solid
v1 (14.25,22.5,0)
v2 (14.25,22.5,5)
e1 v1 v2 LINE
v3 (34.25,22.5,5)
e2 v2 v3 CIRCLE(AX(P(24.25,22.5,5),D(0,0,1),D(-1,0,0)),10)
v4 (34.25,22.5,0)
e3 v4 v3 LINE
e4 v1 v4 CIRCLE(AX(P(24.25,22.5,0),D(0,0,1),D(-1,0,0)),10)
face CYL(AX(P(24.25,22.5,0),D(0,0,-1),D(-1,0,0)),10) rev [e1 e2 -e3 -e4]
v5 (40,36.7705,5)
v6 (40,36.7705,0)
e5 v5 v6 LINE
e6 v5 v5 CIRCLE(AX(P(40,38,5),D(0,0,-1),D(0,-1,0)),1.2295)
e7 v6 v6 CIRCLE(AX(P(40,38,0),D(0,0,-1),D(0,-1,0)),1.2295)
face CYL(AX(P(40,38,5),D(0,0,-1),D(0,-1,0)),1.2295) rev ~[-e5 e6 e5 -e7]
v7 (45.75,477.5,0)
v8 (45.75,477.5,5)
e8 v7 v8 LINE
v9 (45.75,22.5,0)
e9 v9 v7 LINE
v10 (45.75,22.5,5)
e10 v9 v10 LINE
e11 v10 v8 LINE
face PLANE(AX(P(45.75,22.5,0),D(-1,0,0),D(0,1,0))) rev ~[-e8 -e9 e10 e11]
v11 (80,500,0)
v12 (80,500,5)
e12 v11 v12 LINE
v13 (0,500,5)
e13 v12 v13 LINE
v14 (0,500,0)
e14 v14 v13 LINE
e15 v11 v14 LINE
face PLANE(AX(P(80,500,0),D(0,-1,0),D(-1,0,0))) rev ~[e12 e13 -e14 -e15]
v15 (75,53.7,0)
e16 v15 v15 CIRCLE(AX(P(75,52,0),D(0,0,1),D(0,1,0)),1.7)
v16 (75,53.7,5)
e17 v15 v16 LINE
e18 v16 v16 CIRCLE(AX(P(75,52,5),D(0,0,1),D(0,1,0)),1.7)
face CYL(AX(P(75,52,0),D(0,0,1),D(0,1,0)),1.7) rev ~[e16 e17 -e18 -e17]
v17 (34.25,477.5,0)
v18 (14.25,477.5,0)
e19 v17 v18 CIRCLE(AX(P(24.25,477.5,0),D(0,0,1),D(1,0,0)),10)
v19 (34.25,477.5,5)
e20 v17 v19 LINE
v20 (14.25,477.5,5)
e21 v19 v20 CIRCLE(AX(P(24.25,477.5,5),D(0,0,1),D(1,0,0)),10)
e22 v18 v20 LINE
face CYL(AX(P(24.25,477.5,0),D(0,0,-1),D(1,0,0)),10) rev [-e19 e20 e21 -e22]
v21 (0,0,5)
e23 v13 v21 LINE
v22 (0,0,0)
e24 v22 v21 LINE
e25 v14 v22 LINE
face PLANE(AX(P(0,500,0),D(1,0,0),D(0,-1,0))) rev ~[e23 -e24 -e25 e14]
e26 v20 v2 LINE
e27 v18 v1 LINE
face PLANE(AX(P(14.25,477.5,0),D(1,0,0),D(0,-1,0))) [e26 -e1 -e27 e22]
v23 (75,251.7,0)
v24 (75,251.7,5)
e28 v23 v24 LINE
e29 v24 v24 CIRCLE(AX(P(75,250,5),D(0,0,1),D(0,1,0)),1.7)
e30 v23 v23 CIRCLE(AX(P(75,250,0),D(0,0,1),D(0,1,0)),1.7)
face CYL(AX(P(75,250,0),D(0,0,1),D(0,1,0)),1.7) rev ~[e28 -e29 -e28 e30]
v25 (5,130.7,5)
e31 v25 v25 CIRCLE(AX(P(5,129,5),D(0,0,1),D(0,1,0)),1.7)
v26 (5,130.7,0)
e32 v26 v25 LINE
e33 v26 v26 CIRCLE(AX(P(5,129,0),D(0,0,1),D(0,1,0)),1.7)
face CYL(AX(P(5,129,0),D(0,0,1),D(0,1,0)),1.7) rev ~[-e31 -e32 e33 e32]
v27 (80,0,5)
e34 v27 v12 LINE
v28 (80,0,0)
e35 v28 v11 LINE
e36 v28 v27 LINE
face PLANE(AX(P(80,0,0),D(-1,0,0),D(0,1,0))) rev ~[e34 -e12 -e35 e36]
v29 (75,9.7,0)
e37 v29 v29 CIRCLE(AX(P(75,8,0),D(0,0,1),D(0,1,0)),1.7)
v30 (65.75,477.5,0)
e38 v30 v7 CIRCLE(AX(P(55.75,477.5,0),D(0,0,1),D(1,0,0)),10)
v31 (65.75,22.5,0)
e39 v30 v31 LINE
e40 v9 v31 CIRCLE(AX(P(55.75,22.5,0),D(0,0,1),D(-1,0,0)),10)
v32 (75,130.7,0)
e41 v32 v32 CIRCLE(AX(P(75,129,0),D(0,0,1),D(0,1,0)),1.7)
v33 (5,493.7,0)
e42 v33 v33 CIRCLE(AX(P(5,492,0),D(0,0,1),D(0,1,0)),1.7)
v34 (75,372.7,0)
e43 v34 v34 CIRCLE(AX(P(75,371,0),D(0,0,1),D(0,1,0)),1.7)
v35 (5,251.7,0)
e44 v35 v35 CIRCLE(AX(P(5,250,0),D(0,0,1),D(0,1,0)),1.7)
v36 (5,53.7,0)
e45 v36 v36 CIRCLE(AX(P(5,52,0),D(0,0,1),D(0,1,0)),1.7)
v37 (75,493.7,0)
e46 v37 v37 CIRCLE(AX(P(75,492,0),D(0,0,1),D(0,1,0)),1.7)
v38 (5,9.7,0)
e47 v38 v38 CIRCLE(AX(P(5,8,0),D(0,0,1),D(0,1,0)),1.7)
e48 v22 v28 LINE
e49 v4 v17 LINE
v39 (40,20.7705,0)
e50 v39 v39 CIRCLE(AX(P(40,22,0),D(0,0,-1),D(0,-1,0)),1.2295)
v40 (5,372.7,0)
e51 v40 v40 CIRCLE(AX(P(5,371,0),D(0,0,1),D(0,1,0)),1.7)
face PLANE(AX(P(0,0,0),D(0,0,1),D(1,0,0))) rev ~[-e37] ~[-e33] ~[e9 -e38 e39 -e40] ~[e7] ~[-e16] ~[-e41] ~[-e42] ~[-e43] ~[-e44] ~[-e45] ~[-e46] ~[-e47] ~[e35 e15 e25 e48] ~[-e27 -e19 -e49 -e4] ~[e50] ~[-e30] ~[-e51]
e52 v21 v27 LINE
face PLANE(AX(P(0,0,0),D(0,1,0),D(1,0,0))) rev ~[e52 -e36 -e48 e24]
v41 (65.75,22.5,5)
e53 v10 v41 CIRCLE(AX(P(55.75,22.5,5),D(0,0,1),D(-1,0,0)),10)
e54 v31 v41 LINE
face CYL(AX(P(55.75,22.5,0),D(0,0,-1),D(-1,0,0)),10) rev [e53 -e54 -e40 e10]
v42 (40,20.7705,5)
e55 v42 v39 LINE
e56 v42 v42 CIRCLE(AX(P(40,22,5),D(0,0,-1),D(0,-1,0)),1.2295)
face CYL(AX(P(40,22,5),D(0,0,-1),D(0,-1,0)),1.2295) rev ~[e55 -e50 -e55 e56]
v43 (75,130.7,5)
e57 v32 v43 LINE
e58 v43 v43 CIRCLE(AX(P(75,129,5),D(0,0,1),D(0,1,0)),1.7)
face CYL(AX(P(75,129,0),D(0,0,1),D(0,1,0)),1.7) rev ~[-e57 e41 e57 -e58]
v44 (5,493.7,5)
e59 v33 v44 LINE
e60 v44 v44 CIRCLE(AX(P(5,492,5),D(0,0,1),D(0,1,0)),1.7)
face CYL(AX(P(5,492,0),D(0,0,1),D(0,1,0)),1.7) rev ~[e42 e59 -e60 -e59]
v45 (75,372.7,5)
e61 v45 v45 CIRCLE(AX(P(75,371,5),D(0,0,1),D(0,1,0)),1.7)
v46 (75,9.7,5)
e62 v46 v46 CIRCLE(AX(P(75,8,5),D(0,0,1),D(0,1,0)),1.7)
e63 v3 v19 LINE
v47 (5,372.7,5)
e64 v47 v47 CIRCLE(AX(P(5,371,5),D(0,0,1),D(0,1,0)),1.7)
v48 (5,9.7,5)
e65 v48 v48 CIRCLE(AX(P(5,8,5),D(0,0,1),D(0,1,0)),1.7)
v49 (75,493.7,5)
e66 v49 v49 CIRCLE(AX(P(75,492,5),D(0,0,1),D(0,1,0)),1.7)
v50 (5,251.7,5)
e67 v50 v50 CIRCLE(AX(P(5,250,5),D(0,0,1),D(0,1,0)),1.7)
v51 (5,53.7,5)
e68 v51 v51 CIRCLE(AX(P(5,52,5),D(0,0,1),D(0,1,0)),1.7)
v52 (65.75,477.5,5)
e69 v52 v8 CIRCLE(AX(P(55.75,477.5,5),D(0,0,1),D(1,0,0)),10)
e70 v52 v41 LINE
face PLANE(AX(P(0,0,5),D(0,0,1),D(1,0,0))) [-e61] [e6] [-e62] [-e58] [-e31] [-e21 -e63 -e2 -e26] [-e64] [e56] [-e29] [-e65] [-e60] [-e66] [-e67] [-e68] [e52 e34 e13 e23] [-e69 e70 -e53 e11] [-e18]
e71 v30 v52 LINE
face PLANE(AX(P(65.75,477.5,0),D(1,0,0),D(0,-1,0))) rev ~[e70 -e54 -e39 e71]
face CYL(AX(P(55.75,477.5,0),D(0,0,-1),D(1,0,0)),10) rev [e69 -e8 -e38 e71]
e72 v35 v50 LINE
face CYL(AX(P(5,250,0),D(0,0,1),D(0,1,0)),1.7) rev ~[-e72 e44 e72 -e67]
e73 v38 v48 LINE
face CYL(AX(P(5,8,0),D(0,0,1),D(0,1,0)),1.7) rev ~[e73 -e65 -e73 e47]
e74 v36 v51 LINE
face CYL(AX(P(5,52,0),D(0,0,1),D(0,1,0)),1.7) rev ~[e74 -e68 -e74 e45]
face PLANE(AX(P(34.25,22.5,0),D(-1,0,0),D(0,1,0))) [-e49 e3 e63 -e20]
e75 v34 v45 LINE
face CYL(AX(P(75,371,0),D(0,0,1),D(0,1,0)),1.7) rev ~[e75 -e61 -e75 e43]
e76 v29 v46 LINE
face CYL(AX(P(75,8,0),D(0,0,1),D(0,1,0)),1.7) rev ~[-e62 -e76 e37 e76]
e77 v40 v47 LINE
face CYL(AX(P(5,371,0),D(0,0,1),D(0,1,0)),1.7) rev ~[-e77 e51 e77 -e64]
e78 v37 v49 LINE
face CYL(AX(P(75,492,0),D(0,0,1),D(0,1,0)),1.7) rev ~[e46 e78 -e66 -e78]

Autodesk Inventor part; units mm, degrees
ref_plane "YZ Plane" through (0, 0, 0) normal (1, 0, 0) x (0, 1, 0)
ref_plane "XZ Plane" through (0, 0, 0) normal (0, 1, 0) x (-1, 0, 0)
ref_plane "XY Plane" through (0, 0, 0) normal (0, 0, 1) x (1, 0, 0)
sketch "Sketch1" plane through (0, 0, 0) normal (0, 0, 1) x (1, 0, 0)
  line L0 (0, 0) -> (80, 0)
  line L1 (80, 0) -> (80, 500)
  line L2 (80, 500) -> (0, 500)
  line L3 (0, 500) -> (0, 0)
  line L4 (40, 500) -> (40, 0) construction
  line L5 (24.25, 477.5) -> (24.25, 22.5) construction
  line L6 (14.25, 477.5) -> (14.25, 22.5)
  line L7 (34.25, 22.5) -> (34.25, 477.5)
  arc A0 (34.25, 477.5) -> (14.25, 477.5) centre (24.25, 477.5) ccw
  arc A1 (14.25, 22.5) -> (34.25, 22.5) centre (24.25, 22.5) ccw
  circle A2 centre (5, 52) radius 2.5 construction
  circle A3 centre (5, 8) radius 2.5 construction
  line L8 (65.75, 477.5) -> (65.75, 22.5)
  line L9 (45.75, 22.5) -> (45.75, 477.5)
  arc A4 (65.75, 477.5) -> (45.75, 477.5) centre (55.75, 477.5) ccw
  arc A5 (45.75, 22.5) -> (65.75, 22.5) centre (55.75, 22.5) ccw
  circle A6 centre (75, 52) radius 2.5 construction
  circle A7 centre (75, 8) radius 2.5 construction
  circle A8 centre (5, 492) radius 1 construction
  circle A9 centre (75, 492) radius 1 construction
  line L10 (5, 8) -> (5, 52) construction
  circle A10 centre (5, 371) radius 1 construction
  circle A11 centre (75, 371) radius 1 construction
  circle A12 centre (5, 250) radius 1 construction
  circle A13 centre (75, 250) radius 1 construction
  circle A14 centre (5, 129) radius 1 construction
  circle A15 centre (75, 129) radius 1 construction
  circle A16 centre (5, 8) radius 1 construction
  circle A17 centre (75, 8) radius 1 construction
  line L11 (75, 8) -> (75, 52) construction
  line L12 (0, 500) -> (10, 500) construction
  line L13 (10, 500) -> (10, 0) construction
  line L14 (10, 0) -> (0, 0) construction
  line L15 (0, 0) -> (0, 500) construction
  line L16 (80, 500) -> (70, 500) construction
  line L17 (70, 500) -> (70, 0) construction
  line L18 (70, 0) -> (80, 0) construction
  line L19 (80, 0) -> (80, 500) construction
  line L20 (5, 8) -> (75, 8) construction
  line L21 (5, 8) -> (75, 8) construction
  point P0 (24.25, 250)
  dimension "d0" = 500
  dimension "d1" = 80
  dimension "d2" = 10
  dimension "d6" = 5
  dimension "d7" = 5
  dimension "d10" = 44
  dimension "d12" = 31.5
  dimension "d17" = 2
  dimension "d18" = 5
  dimension "d19" = 8
  dimension "d27" = 455
  dimension "d28" = 250
  dimension "d32" = 121
  dimension "d45" = 10
  dimension "d46" = 10
  dimension "d54" = 70
extrude "Extrusion1" add sketch "Sketch1" along normal blind 5
hole "Bohrung1" at (5, 52, 0) at (5, 8, 0) at (75, 8, 0) at (75, 52, 0) direction (0, 0, 1) diameter 3.4 depth 11.8 tip angle 118 clearance for "Inbusschraube DIN EN ISO 4762" size "M3" standard "DIN"
hole "Bohrung2" at (5, 492, 0) at (75, 492, 0) at (5, 371, 0) at (75, 371, 0) at (5, 250, 0) at (75, 250, 0) at (5, 129, 0) at (75, 129, 0) at (5, 8, 0) at (75, 8, 0) direction (0, 0, 1) diameter 3.4 end through all clearance for "Inbusschraube DIN EN ISO 4762" size "M3" standard "DIN"
ref_plane "Arbeitsebene2" through (5, 30, 5.9) normal (0, 1, 0) x (0, 0, 1)
ref_plane "Arbeitsebene1" through (5, 8, 5.9) normal (0, 1, 0) x (0, 0, 1)
sketch "Skizze2" plane through (0, 0, 5) normal (0, 0, 1) x (1, 0, 0)
  line L0 (-16, 30) -> (96, 30) construction
  line L1 (40, 500) -> (40, 0) construction
  point P0 (0, 0)
  point P1 (40, 38)
  point P2 (40, 22)
  dimension "d56" = 8
  dimension "d57" = 8
hole "Bohrung3" at (40, 22, 5) at (40, 38, 5) direction (0, 0, -1) diameter 2.459 depth 8.8 tip angle 118 thread size "M3x0.5" class "6H" standard "ISO Metric profile"
equation "\"d0\" = GuidanceTrack_Length"
equation "\"d1\" = BackPlate_Width"
equation "\"d18\" = 0.5 * GuidanceTrac_OneSide_Thickness"
equation "\"d19\" = TopLit_Fixhole_Edge_Dist"
equation "\"d28\" = 0.5 * d0"
equation "\"d54\" = Guidacne_fixHoleDist"
equation "\"d57\" = d56"
equation "\"GuidanceTrack_Length\" = 500"
equation "\"BackPlate_Width\" = 80"
equation "\"GuidanceTrac_OneSide_Thickness\" = 10"
equation "\"TopLit_Fixhole_Edge_Dist\" = 8"
equation "\"Guidacne_fixHoleDist\" = 70"
properties part number "Slot profile" material "PMMA-Kunststoff"
